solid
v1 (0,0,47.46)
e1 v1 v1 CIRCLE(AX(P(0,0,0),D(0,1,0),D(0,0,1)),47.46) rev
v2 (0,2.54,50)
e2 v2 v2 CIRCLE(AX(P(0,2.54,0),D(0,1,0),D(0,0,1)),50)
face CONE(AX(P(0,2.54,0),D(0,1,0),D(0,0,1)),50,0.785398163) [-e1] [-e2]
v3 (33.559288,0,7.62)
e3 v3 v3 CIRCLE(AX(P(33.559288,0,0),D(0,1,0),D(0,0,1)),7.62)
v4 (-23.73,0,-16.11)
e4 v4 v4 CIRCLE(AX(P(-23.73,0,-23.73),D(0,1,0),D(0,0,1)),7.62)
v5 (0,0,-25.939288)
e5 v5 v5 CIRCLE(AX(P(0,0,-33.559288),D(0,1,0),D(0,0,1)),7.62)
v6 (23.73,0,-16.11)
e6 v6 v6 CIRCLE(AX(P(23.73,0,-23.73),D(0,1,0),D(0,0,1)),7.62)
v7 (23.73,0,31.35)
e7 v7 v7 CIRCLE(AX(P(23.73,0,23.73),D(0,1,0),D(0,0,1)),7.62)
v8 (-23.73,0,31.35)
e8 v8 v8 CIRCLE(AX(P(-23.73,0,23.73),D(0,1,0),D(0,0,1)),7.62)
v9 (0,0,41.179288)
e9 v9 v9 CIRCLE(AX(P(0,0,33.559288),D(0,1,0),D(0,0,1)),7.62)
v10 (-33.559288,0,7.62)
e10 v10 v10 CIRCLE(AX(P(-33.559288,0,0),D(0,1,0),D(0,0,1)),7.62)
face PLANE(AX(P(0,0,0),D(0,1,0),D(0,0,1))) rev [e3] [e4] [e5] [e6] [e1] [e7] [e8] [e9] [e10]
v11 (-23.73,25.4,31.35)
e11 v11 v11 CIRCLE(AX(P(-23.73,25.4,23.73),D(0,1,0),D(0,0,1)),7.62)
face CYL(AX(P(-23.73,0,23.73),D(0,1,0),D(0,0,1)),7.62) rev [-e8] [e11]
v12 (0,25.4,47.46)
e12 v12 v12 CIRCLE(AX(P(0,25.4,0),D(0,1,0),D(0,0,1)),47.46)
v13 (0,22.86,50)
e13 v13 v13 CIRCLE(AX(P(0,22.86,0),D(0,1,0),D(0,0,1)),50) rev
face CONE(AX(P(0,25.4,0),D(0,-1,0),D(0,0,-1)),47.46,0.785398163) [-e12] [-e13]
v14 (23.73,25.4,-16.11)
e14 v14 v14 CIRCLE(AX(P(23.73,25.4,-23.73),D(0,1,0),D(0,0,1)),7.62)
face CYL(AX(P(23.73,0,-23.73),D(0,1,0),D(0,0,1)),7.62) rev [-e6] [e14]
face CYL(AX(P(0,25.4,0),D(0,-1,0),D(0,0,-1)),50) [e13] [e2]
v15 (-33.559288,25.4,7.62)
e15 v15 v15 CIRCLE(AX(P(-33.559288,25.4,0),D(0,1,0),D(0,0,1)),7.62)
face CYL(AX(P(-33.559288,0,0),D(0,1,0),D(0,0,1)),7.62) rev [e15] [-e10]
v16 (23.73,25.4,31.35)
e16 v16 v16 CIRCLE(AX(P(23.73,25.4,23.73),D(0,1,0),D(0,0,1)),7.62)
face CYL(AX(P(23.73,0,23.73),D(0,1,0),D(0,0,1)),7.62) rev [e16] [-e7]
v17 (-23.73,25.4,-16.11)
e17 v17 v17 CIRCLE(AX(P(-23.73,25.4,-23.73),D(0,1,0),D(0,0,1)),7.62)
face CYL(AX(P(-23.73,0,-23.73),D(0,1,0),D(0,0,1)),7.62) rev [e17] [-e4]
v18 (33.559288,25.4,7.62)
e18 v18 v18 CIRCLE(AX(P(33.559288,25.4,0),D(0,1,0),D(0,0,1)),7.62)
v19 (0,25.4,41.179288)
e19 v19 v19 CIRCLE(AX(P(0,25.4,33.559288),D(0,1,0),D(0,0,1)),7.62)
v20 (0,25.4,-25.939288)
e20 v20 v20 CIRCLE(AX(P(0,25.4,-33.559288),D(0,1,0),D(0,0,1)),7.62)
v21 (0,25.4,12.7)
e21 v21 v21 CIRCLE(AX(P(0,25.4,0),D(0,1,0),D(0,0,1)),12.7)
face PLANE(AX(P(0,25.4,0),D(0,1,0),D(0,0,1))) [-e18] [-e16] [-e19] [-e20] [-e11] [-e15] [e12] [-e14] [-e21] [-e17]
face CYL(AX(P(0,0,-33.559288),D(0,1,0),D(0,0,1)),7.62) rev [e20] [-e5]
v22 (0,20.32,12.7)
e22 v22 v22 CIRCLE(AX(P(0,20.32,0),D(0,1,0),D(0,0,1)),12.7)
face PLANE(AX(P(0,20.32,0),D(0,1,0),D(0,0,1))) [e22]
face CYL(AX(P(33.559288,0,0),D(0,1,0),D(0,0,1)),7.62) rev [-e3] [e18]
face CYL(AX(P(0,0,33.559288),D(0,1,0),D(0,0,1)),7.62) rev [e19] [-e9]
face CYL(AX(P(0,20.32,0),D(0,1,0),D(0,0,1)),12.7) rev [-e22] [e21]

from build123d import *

# Parameters (mm, degrees)
WHEEL_CIRCLE_R     = 50
WHEEL_THICK_DEPTH  = 25.4
SKETCH2_R          = 12.7
CUT_EXTRUDE1_DEPTH = 5.08
CHAMFER3_SIZE      = 2.54
SKETCH4_R          = 7.62
CUT_EXTRUDE2_DEPTH = 76.134279793


with BuildPart() as part:
    # Wheel_Circle → Wheel_thick (new body)
    with BuildSketch(Plane(origin=(0, 0, 0), x_dir=(1, 0, 0), z_dir=(0, 1, 0))):
        with Locations(Location((0, 0, 0), (0, 0, 270))):
            Circle(WHEEL_CIRCLE_R)
    extrude(amount=WHEEL_THICK_DEPTH)

    # Sketch2 → Cut-Extrude1 (cut)
    with BuildSketch(Plane(origin=(0, 25.4, 0), x_dir=(1, 0, 0), z_dir=(0, 1, 0))):
        with Locations(Location((0, 0, 0), (0, 0, 270))):
            Circle(SKETCH2_R)
    extrude(amount=-CUT_EXTRUDE1_DEPTH, mode=Mode.SUBTRACT)

    # Chamfer3
    chamfer3_edges = [part.edges().sort_by_distance(p)[0] for p in [
        (0, 0, -50),
        (0, 25.4, -50),
    ]]
    chamfer(chamfer3_edges, length=CHAMFER3_SIZE)

    # Sketch4 → Cut-Extrude2 (cut, through all)
    with BuildSketch(Plane(origin=(0, 25.4, 0), x_dir=(1, 0, 0), z_dir=(0, 1, 0))):
        with BuildLine():
            ThreePointArc((33.559287835, 7.62), (28.171134162, 5.388153673), (25.939287835, 0))
            Line((25.939287835, 0), (33.559287835, 0))
            Line((33.559287835, 0), (33.559287835, 7.62))
        make_face()
        with BuildLine():
            Line((33.559287835, 0), (25.939287835, 0))
            ThreePointArc((25.939287835, 0), (28.171134162, -5.388153673), (33.559287835, -7.62))
            Line((33.559287835, -7.62), (33.559287835, 0))
        make_face()
        with BuildLine():
            Line((33.559287835, 7.62), (33.559287835, 0))
            Line((33.559287835, 0), (41.179287835, 0))
            ThreePointArc((41.179287835, 0), (38.947441508, 5.388153673), (33.559287835, 7.62))
        make_face()
        with BuildLine():
            Line((41.179287835, 0), (33.559287835, 0))
            Line((33.559287835, 0), (33.559287835, -7.62))
            ThreePointArc((33.559287835, -7.62), (38.947441508, -5.388153673), (41.179287835, 0))
        make_face()
        with BuildLine():
            ThreePointArc((29.118153673, -18.341846327), (23.73, -16.11), (18.341846327, -18.341846327))
            Line((18.341846327, -18.341846327), (23.73, -23.73))
            Line((23.73, -23.73), (29.118153673, -18.341846327))
        make_face()
        with BuildLine():
            Line((23.73, -23.73), (18.341846327, -18.341846327))
            ThreePointArc((18.341846327, -18.341846327), (16.11, -23.73), (18.341846327, -29.118153673))
            Line((18.341846327, -29.118153673), (23.73, -23.73))
        make_face()
        with BuildLine():
            Line((29.118153673, -18.341846327), (23.73, -23.73))
            Line((23.73, -23.73), (29.118153673, -29.118153673))
            ThreePointArc((29.118153673, -29.118153673), (30.769962038, -26.646047755), (31.35, -23.73))
            ThreePointArc((31.35, -23.73), (30.769962038, -20.813952245), (29.118153673, -18.341846327))
        make_face()
        with BuildLine():
            Line((29.118153673, -29.118153673), (23.73, -23.73))
            Line((23.73, -23.73), (18.341846327, -29.118153673))
            ThreePointArc((18.341846327, -29.118153673), (23.73, -31.35), (29.118153673, -29.118153673))
        make_face()
        with BuildLine():
            ThreePointArc((7.62, -33.559287835), (5.388153673, -28.171134162), (0, -25.939287835))
            Line((0, -25.939287835), (0, -33.559287835))
            Line((0, -33.559287835), (7.62, -33.559287835))
        make_face()
        with BuildLine():
            Line((0, -33.559287835), (0, -25.939287835))
            ThreePointArc((0, -25.939287835), (-5.388153673, -28.171134162), (-7.62, -33.559287835))
            Line((-7.62, -33.559287835), (0, -33.559287835))
        make_face()
        with BuildLine():
            Line((7.62, -33.559287835), (0, -33.559287835))
            Line((0, -33.559287835), (0, -41.179287835))
            ThreePointArc((0, -41.179287835), (5.388153673, -38.947441508), (7.62, -33.559287835))
        make_face()
        with BuildLine():
            Line((0, -41.179287835), (0, -33.559287835))
            Line((0, -33.559287835), (-7.62, -33.559287835))
            ThreePointArc((-7.62, -33.559287835), (-5.388153673, -38.947441508), (0, -41.179287835))
        make_face()
        with BuildLine():
            ThreePointArc((-16.11, -23.73), (-16.690037962, -20.813952245), (-18.341846327, -18.341846327))
            Line((-18.341846327, -18.341846327), (-23.73, -23.73))
            Line((-23.73, -23.73), (-18.341846327, -29.118153673))
            ThreePointArc((-18.341846327, -29.118153673), (-16.690037962, -26.646047755), (-16.11, -23.73))
        make_face()
        with BuildLine():
            Line((-23.73, -23.73), (-18.341846327, -18.341846327))
            ThreePointArc((-18.341846327, -18.341846327), (-23.73, -16.11), (-29.118153673, -18.341846327))
            Line((-29.118153673, -18.341846327), (-23.73, -23.73))
        make_face()
        with BuildLine():
            Line((-18.341846327, -29.118153673), (-23.73, -23.73))
            Line((-23.73, -23.73), (-29.118153673, -29.118153673))
            ThreePointArc((-29.118153673, -29.118153673), (-23.73, -31.35), (-18.341846327, -29.118153673))
        make_face()
        with BuildLine():
            Line((-29.118153673, -29.118153673), (-23.73, -23.73))
            Line((-23.73, -23.73), (-29.118153673, -18.341846327))
            ThreePointArc((-29.118153673, -18.341846327), (-31.35, -23.73), (-29.118153673, -29.118153673))
        make_face()
        with BuildLine():
            ThreePointArc((-33.559287835, -7.62), (-28.171134162, -5.388153673), (-25.939287835, 0))
            Line((-25.939287835, 0), (-33.559287835, 0))
            Line((-33.559287835, 0), (-33.559287835, -7.62))
        make_face()
        with BuildLine():
            Line((-33.559287835, 0), (-25.939287835, 0))
            ThreePointArc((-25.939287835, 0), (-28.171134162, 5.388153673), (-33.559287835, 7.62))
            Line((-33.559287835, 7.62), (-33.559287835, 0))
        make_face()
        with BuildLine():
            Line((-33.559287835, -7.62), (-33.559287835, 0))
            Line((-33.559287835, 0), (-41.179287835, 0))
            ThreePointArc((-41.179287835, 0), (-38.947441508, -5.388153673), (-33.559287835, -7.62))
        make_face()
        with BuildLine():
            Line((-41.179287835, 0), (-33.559287835, 0))
            Line((-33.559287835, 0), (-33.559287835, 7.62))
            ThreePointArc((-33.559287835, 7.62), (-38.947441508, 5.388153673), (-41.179287835, 0))
        make_face()
        with BuildLine():
            ThreePointArc((-29.118153673, 18.341846327), (-23.73, 16.11), (-18.341846327, 18.341846327))
            Line((-18.341846327, 18.341846327), (-23.73, 23.73))
            Line((-23.73, 23.73), (-29.118153673, 18.341846327))
        make_face()
        with BuildLine():
            Line((-23.73, 23.73), (-18.341846327, 18.341846327))
            ThreePointArc((-18.341846327, 18.341846327), (-16.690037962, 20.813952245), (-16.11, 23.73))
            ThreePointArc((-16.11, 23.73), (-16.690037962, 26.646047755), (-18.341846327, 29.118153673))
            Line((-18.341846327, 29.118153673), (-23.73, 23.73))
        make_face()
        with BuildLine():
            Line((-29.118153673, 18.341846327), (-23.73, 23.73))
            Line((-23.73, 23.73), (-29.118153673, 29.118153673))
            ThreePointArc((-29.118153673, 29.118153673), (-31.35, 23.73), (-29.118153673, 18.341846327))
        make_face()
        with BuildLine():
            Line((-29.118153673, 29.118153673), (-23.73, 23.73))
            Line((-23.73, 23.73), (-18.341846327, 29.118153673))
            ThreePointArc((-18.341846327, 29.118153673), (-23.73, 31.35), (-29.118153673, 29.118153673))
        make_face()
        with Locations(Location((23.73, 23.73, 0), (0, 0, 270))):
            Circle(SKETCH4_R)
        with Locations(Location((0, 33.559287835, 0), (0, 0, 270))):
            Circle(SKETCH4_R)
    extrude(amount=-CUT_EXTRUDE2_DEPTH, mode=Mode.SUBTRACT)


solid = part.part
